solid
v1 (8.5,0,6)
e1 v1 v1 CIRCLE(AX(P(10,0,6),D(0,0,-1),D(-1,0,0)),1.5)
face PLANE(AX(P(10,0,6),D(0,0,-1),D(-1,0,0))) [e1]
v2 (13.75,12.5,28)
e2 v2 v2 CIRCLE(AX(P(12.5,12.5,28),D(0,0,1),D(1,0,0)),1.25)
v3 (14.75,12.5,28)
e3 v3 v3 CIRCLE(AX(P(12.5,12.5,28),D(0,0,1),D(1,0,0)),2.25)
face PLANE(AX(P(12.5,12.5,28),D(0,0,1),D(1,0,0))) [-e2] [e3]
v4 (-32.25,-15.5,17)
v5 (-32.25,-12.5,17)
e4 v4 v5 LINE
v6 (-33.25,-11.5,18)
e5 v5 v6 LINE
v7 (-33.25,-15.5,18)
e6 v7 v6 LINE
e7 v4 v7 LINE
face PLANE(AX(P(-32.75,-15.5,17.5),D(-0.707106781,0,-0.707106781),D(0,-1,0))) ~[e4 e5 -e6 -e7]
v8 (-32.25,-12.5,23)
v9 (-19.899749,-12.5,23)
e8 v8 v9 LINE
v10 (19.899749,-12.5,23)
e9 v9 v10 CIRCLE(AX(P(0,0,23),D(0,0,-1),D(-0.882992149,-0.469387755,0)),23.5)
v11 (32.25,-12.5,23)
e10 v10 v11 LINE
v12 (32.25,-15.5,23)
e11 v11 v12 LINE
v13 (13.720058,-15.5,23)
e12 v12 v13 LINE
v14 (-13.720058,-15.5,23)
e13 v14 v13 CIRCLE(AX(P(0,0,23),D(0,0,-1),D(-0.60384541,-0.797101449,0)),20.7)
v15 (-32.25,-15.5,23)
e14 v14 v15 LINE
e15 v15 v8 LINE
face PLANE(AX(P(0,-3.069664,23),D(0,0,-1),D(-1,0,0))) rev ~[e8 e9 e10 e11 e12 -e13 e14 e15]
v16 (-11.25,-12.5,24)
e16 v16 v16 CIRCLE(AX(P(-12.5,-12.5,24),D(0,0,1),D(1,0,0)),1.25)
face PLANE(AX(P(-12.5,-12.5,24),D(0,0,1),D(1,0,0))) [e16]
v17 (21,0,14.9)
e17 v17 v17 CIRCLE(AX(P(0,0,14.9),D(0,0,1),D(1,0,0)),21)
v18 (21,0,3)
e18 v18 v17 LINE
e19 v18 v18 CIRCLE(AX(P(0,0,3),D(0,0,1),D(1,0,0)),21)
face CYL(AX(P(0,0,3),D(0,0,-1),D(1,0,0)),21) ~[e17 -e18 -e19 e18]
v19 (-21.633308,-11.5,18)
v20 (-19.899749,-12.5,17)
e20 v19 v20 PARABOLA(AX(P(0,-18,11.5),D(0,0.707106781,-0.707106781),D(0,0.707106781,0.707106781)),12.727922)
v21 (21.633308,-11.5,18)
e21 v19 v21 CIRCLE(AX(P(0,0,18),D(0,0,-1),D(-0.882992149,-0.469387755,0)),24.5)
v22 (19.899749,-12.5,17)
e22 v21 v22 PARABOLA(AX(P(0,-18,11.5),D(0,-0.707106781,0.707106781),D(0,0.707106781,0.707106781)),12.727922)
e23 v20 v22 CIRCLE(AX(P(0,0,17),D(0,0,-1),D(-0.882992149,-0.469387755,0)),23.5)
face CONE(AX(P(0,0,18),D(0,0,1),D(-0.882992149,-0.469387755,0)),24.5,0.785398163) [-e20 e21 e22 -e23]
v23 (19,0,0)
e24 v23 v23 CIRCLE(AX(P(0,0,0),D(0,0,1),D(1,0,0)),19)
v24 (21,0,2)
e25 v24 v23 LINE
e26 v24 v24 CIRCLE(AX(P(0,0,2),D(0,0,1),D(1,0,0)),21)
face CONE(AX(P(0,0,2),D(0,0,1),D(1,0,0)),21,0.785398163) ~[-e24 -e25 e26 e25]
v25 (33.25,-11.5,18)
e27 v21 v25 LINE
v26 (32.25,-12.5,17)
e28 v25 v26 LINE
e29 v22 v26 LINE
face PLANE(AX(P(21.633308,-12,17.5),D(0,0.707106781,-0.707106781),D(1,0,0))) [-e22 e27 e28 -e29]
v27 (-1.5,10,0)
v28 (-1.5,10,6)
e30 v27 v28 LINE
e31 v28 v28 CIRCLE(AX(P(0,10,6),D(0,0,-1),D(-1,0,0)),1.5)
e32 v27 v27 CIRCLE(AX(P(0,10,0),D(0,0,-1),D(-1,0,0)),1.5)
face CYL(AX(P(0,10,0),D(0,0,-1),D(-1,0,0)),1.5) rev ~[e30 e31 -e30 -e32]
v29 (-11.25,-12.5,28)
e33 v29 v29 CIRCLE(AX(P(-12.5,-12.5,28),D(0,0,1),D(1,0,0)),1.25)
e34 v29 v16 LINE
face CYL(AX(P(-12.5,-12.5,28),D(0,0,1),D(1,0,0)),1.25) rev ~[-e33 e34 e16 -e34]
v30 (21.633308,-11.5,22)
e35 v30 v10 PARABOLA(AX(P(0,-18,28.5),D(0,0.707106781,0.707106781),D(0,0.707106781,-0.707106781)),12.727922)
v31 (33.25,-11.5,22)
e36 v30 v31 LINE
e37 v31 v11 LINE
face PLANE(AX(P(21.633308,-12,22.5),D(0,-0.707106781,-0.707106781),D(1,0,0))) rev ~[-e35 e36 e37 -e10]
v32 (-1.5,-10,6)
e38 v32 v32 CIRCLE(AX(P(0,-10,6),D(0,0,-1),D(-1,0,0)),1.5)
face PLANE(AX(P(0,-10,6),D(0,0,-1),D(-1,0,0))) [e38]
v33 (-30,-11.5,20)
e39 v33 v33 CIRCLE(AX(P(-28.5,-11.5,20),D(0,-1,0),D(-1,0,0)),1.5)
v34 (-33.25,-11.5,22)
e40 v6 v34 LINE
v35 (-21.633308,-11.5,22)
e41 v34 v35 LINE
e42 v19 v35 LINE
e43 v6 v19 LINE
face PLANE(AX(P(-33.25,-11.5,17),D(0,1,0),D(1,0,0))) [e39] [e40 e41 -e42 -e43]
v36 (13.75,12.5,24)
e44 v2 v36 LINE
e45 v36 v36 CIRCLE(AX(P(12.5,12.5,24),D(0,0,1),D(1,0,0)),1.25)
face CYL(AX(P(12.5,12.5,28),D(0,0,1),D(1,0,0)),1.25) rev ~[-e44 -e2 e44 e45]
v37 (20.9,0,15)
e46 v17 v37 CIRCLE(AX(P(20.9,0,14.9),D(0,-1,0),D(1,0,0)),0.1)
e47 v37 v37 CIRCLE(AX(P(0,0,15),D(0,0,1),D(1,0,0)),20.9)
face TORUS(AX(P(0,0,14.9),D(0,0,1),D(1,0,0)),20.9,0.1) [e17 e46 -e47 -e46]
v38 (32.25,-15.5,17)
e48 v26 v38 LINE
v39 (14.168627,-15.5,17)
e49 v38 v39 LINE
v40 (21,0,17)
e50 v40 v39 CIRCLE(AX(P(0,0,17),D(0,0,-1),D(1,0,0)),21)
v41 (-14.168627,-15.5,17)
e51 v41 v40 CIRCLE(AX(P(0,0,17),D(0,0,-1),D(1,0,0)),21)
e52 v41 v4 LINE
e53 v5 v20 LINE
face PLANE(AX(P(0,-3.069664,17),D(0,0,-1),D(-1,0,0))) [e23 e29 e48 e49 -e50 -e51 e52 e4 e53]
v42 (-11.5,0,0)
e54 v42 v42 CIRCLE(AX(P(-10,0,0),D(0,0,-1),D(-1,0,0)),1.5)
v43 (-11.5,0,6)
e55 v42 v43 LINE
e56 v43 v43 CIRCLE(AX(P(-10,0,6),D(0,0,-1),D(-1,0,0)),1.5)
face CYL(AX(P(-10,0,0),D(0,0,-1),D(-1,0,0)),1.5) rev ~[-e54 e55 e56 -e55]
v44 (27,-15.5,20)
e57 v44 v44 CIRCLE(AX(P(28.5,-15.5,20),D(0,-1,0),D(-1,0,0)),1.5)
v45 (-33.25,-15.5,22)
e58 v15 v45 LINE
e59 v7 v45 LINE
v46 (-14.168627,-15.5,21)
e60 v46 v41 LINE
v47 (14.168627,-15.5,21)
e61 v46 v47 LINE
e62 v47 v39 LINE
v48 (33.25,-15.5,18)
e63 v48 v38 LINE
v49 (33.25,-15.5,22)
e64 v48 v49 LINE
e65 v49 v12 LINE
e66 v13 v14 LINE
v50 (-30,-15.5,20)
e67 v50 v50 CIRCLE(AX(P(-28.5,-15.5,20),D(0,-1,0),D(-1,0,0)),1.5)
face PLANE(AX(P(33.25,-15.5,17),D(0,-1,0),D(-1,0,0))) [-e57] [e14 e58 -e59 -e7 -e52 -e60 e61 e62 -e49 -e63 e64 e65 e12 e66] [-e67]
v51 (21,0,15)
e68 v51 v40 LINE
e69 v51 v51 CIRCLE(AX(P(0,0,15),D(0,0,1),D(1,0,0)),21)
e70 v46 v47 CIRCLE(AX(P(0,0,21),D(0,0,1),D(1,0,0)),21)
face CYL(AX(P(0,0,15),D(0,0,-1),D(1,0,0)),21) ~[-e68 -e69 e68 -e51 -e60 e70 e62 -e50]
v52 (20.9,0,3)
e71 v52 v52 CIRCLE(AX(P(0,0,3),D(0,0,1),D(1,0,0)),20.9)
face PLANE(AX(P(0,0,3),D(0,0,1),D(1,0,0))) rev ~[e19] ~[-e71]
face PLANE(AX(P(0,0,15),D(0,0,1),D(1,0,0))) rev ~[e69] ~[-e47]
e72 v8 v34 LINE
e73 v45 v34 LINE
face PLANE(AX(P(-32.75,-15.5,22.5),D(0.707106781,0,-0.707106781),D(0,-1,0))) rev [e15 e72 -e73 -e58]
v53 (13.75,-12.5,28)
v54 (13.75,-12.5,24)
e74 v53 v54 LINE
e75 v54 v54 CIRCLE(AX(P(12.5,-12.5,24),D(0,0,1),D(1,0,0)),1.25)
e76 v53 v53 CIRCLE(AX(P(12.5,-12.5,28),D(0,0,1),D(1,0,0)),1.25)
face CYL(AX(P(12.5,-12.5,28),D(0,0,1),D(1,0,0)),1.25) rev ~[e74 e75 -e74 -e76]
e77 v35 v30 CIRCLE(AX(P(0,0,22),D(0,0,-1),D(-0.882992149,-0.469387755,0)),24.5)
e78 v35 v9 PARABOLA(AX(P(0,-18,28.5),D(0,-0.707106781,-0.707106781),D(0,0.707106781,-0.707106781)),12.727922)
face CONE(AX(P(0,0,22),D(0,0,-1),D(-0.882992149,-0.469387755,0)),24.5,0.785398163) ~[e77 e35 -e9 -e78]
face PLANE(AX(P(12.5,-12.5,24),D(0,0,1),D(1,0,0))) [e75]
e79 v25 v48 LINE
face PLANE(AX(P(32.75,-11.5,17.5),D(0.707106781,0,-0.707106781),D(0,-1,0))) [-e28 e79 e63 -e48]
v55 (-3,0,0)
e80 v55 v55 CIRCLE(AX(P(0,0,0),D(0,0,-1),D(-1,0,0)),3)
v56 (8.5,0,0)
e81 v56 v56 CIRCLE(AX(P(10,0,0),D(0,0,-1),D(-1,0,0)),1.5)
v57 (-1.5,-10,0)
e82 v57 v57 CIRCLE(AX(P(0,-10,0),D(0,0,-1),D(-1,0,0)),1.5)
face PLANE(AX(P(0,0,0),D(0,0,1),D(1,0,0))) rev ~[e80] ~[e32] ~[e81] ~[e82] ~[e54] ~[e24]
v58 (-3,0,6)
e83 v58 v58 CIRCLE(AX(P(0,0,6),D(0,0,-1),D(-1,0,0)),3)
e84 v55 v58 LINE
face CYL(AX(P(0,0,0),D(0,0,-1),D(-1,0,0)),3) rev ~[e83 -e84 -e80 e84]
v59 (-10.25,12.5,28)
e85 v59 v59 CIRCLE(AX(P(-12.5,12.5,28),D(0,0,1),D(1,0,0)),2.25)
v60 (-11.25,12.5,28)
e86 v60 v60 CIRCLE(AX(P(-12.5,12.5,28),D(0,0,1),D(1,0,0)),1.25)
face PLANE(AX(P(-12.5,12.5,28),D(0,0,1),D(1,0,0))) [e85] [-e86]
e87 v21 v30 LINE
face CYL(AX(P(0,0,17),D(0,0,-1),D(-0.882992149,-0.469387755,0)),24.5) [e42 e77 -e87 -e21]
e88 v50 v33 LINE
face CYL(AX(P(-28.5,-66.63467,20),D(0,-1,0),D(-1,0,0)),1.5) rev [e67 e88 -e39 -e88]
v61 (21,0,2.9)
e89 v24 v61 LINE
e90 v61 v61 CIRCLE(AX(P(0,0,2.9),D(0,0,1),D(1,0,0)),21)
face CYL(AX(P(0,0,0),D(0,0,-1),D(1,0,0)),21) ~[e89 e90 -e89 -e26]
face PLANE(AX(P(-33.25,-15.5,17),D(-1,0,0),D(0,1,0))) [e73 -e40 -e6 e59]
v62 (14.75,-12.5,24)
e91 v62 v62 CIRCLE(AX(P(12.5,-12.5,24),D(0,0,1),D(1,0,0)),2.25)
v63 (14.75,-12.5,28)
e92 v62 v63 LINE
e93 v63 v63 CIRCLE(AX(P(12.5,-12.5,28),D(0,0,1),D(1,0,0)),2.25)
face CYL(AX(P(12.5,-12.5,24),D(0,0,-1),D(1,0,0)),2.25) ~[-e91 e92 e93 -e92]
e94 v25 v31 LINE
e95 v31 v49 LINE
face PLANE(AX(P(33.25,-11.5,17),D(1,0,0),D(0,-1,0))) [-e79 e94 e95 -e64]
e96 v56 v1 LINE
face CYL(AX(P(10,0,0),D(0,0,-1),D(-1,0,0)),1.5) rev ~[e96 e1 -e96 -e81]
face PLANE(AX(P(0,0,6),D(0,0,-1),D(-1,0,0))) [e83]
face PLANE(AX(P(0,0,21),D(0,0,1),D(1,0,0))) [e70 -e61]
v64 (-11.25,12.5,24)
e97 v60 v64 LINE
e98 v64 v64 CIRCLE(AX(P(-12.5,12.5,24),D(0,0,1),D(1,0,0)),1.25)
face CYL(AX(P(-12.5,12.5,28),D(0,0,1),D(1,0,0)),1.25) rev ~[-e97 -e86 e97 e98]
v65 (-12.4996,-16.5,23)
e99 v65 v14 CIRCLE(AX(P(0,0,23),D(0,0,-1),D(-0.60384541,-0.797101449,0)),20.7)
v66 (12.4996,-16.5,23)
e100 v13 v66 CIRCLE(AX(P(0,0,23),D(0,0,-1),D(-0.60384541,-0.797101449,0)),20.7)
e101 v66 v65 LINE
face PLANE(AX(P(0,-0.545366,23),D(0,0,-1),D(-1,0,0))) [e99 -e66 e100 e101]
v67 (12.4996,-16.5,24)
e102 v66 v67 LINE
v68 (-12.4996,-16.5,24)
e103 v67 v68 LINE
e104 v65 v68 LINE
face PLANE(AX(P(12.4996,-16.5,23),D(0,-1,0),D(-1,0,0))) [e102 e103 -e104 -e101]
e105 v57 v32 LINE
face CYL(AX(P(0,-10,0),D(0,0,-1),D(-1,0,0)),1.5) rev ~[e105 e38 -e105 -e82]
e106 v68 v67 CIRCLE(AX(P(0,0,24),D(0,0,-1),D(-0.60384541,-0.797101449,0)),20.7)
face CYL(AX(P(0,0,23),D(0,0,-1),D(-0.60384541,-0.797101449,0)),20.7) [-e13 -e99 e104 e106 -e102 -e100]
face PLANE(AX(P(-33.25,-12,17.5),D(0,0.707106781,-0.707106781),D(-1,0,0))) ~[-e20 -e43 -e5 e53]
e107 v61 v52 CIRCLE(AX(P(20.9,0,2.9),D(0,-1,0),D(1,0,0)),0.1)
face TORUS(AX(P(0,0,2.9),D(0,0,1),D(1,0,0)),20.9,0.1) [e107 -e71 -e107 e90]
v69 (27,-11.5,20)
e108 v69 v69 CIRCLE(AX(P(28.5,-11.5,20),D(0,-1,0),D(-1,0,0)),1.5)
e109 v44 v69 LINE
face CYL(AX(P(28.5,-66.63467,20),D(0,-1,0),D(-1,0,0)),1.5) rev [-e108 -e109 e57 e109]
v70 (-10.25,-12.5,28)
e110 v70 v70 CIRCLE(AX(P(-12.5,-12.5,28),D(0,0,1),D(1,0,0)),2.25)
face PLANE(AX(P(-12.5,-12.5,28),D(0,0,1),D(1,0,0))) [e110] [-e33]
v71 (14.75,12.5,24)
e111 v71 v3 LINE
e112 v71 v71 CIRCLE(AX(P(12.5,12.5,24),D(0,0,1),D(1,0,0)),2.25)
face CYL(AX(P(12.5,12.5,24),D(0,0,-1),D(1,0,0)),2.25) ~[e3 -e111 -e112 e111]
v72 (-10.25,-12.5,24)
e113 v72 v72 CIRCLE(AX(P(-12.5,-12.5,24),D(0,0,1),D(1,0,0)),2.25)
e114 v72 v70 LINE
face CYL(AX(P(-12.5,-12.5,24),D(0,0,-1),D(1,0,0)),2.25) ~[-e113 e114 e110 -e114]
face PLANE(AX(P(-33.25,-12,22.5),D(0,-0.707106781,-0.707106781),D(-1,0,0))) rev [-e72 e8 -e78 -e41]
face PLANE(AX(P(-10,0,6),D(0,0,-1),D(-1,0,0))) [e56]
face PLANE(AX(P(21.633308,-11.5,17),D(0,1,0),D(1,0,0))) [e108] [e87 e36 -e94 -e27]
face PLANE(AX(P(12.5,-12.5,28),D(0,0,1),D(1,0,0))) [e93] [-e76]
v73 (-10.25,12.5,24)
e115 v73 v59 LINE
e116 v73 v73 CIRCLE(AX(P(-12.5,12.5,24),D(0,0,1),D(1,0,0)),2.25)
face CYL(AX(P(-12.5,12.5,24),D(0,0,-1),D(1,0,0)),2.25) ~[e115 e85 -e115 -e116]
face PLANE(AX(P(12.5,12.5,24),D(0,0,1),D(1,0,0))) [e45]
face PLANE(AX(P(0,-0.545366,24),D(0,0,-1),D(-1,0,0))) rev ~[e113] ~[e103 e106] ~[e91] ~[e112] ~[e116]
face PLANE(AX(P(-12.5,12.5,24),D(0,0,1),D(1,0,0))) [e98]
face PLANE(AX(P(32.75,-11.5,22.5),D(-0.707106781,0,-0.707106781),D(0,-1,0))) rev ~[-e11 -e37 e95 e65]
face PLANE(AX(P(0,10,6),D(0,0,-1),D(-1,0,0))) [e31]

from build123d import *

# Parameters (mm, degrees)
SKETCH1_R               = 21
BOSS_EXTRUDE1_DEPTH     = 3
CHAMFER1_SIZE           = 2
FILLET1_R               = 0.1
SKETCH2_R               = 21
BOSS_EXTRUDE2_DEPTH     = 12
FILLET2_R               = 0.1
SKETCH3_R               = 21
BOSS_EXTRUDE3_DEPTH     = 6
SKETCH4_R               = 3
SKETCH4_R_2             = 1.5
CUT_EXTRUDE1_DEPTH      = 6
BOSS_EXTRUDE4_DEPTH     = 6
CHAMFER2_SIZE           = 1
CUT_EXTRUDE2_DEPTH      = 55.134670037
CUT_EXTRUDE2_DEPTH_BACK = 55.134670037
SKETCH6_R               = 1.5
BOSS_EXTRUDE5_DEPTH     = 1
SKETCH8_R               = 2.25
BOSS_EXTRUDE6_DEPTH     = 4
SKETCH9_R               = 1.25
CUT_EXTRUDE3_DEPTH      = 4


with BuildPart() as part:
    # Sketch1 → Boss-Extrude1 (new body)
    with BuildSketch(Plane.XY):
        Circle(SKETCH1_R)
    extrude(amount=BOSS_EXTRUDE1_DEPTH)

    # Chamfer1
    chamfer1_edges = [part.edges().sort_by_distance(p)[0] for p in [
        (-21, 0, 0),
    ]]
    chamfer(chamfer1_edges, length=CHAMFER1_SIZE)

    # Fillet1
    fillet1_edges = [part.edges().sort_by_distance(p)[0] for p in [
        (-21, 0, 3),
    ]]
    fillet(fillet1_edges, radius=FILLET1_R)

    # Sketch2 → Boss-Extrude2 (add)
    with BuildSketch(Plane.XY.offset(3)):
        Circle(SKETCH2_R)
    extrude(amount=BOSS_EXTRUDE2_DEPTH)

    # Fillet2
    fillet2_edges = [part.edges().sort_by_distance(p)[0] for p in [
        (-21, 0, 15),
    ]]
    fillet(fillet2_edges, radius=FILLET2_R)

    # Sketch3 → Boss-Extrude3 (add)
    with BuildSketch(Plane.XY.offset(15)):
        Circle(SKETCH3_R)
    extrude(amount=BOSS_EXTRUDE3_DEPTH)

    # Sketch4 → Cut-Extrude1 (cut)
    with BuildSketch(Plane(origin=(0, 0, 0), x_dir=(-1, 0, 0), z_dir=(0, 0, -1))):
        Circle(SKETCH4_R)
        with Locations((-10, 0)):
            Circle(SKETCH4_R_2)
        with Locations((0, 10)):
            Circle(SKETCH4_R_2)
        with Locations((10, 0)):
            Circle(SKETCH4_R_2)
        with Locations((0, -10)):
            Circle(SKETCH4_R_2)
    extrude(amount=-CUT_EXTRUDE1_DEPTH, mode=Mode.SUBTRACT)

    # Sketch5 → Boss-Extrude4 (add)
    with BuildSketch(Plane.XY.offset(17)):
        with BuildLine():
            Line((21.633307653, -11.5), (33.25, -11.5))
            Line((33.25, -11.5), (33.25, -15.5))
            Line((33.25, -15.5), (-33.25, -15.5))
            Line((-33.25, -15.5), (-33.25, -11.5))
            Line((-33.25, -11.5), (-21.633307653, -11.5))
            ThreePointArc((-21.633307653, -11.5), (0, 24.5), (21.633307653, -11.5))
        make_face()
    extrude(amount=BOSS_EXTRUDE4_DEPTH)

    # Chamfer2
    chamfer2_edges = [part.edges().sort_by_distance(p)[0] for p in [
        (0, 24.5, 17),
        (-27.441653826, -11.5, 17),
        (-33.25, -13.5, 17),
        (33.25, -13.5, 17),
        (27.441653826, -11.5, 17),
        (0, 24.5, 23),
        (-27.441653826, -11.5, 23),
        (-33.25, -13.5, 23),
        (33.25, -13.5, 23),
        (27.441653826, -11.5, 23),
    ]]
    chamfer(chamfer2_edges, length=CHAMFER2_SIZE)

    # Sketch6 → Cut-Extrude2 (cut, two sides: drawn at the far end of the back side and taken through both)
    with BuildSketch(Plane(origin=(0, -11.5, 0), x_dir=(1, 0, 0), z_dir=(0, 1, 0)).offset(-CUT_EXTRUDE2_DEPTH_BACK)):
        with Locations(Location((-28.5, -20, 0), (0, 0, 180))):
            Circle(SKETCH6_R)
        with Locations(Location((28.5, -20, 0), (0, 0, 180))):
            Circle(SKETCH6_R)
    extrude(amount=CUT_EXTRUDE2_DEPTH + CUT_EXTRUDE2_DEPTH_BACK, mode=Mode.SUBTRACT)

    # Sketch7 → Boss-Extrude5 (add)
    with BuildSketch(Plane.XY.offset(23)):
        with BuildLine():
            Line((12.499599994, -16.5), (-12.499599994, -16.5))
            ThreePointArc((-12.499599994, -16.5), (0, 20.7), (12.499599994, -16.5))
        make_face()
    extrude(amount=BOSS_EXTRUDE5_DEPTH)

    # Sketch8 → Boss-Extrude6 (add)
    with BuildSketch(Plane.XY.offset(24)):
        with Locations((-12.5, 12.5)):
            Circle(SKETCH8_R)
        with Locations((12.5, 12.5)):
            Circle(SKETCH8_R)
        with Locations((12.5, -12.5)):
            Circle(SKETCH8_R)
        with Locations((-12.5, -12.5)):
            Circle(SKETCH8_R)
    extrude(amount=BOSS_EXTRUDE6_DEPTH)

    # Sketch9 → Cut-Extrude3 (cut)
    with BuildSketch(Plane.XY.offset(28)):
        with Locations((12.5, 12.5)):
            Circle(SKETCH9_R)
        with Locations((12.5, -12.5)):
            Circle(SKETCH9_R)
        with Locations((-12.5, 12.5)):
            Circle(SKETCH9_R)
        with Locations((-12.5, -12.5)):
            Circle(SKETCH9_R)
    extrude(amount=-CUT_EXTRUDE3_DEPTH, mode=Mode.SUBTRACT)


solid = part.part
